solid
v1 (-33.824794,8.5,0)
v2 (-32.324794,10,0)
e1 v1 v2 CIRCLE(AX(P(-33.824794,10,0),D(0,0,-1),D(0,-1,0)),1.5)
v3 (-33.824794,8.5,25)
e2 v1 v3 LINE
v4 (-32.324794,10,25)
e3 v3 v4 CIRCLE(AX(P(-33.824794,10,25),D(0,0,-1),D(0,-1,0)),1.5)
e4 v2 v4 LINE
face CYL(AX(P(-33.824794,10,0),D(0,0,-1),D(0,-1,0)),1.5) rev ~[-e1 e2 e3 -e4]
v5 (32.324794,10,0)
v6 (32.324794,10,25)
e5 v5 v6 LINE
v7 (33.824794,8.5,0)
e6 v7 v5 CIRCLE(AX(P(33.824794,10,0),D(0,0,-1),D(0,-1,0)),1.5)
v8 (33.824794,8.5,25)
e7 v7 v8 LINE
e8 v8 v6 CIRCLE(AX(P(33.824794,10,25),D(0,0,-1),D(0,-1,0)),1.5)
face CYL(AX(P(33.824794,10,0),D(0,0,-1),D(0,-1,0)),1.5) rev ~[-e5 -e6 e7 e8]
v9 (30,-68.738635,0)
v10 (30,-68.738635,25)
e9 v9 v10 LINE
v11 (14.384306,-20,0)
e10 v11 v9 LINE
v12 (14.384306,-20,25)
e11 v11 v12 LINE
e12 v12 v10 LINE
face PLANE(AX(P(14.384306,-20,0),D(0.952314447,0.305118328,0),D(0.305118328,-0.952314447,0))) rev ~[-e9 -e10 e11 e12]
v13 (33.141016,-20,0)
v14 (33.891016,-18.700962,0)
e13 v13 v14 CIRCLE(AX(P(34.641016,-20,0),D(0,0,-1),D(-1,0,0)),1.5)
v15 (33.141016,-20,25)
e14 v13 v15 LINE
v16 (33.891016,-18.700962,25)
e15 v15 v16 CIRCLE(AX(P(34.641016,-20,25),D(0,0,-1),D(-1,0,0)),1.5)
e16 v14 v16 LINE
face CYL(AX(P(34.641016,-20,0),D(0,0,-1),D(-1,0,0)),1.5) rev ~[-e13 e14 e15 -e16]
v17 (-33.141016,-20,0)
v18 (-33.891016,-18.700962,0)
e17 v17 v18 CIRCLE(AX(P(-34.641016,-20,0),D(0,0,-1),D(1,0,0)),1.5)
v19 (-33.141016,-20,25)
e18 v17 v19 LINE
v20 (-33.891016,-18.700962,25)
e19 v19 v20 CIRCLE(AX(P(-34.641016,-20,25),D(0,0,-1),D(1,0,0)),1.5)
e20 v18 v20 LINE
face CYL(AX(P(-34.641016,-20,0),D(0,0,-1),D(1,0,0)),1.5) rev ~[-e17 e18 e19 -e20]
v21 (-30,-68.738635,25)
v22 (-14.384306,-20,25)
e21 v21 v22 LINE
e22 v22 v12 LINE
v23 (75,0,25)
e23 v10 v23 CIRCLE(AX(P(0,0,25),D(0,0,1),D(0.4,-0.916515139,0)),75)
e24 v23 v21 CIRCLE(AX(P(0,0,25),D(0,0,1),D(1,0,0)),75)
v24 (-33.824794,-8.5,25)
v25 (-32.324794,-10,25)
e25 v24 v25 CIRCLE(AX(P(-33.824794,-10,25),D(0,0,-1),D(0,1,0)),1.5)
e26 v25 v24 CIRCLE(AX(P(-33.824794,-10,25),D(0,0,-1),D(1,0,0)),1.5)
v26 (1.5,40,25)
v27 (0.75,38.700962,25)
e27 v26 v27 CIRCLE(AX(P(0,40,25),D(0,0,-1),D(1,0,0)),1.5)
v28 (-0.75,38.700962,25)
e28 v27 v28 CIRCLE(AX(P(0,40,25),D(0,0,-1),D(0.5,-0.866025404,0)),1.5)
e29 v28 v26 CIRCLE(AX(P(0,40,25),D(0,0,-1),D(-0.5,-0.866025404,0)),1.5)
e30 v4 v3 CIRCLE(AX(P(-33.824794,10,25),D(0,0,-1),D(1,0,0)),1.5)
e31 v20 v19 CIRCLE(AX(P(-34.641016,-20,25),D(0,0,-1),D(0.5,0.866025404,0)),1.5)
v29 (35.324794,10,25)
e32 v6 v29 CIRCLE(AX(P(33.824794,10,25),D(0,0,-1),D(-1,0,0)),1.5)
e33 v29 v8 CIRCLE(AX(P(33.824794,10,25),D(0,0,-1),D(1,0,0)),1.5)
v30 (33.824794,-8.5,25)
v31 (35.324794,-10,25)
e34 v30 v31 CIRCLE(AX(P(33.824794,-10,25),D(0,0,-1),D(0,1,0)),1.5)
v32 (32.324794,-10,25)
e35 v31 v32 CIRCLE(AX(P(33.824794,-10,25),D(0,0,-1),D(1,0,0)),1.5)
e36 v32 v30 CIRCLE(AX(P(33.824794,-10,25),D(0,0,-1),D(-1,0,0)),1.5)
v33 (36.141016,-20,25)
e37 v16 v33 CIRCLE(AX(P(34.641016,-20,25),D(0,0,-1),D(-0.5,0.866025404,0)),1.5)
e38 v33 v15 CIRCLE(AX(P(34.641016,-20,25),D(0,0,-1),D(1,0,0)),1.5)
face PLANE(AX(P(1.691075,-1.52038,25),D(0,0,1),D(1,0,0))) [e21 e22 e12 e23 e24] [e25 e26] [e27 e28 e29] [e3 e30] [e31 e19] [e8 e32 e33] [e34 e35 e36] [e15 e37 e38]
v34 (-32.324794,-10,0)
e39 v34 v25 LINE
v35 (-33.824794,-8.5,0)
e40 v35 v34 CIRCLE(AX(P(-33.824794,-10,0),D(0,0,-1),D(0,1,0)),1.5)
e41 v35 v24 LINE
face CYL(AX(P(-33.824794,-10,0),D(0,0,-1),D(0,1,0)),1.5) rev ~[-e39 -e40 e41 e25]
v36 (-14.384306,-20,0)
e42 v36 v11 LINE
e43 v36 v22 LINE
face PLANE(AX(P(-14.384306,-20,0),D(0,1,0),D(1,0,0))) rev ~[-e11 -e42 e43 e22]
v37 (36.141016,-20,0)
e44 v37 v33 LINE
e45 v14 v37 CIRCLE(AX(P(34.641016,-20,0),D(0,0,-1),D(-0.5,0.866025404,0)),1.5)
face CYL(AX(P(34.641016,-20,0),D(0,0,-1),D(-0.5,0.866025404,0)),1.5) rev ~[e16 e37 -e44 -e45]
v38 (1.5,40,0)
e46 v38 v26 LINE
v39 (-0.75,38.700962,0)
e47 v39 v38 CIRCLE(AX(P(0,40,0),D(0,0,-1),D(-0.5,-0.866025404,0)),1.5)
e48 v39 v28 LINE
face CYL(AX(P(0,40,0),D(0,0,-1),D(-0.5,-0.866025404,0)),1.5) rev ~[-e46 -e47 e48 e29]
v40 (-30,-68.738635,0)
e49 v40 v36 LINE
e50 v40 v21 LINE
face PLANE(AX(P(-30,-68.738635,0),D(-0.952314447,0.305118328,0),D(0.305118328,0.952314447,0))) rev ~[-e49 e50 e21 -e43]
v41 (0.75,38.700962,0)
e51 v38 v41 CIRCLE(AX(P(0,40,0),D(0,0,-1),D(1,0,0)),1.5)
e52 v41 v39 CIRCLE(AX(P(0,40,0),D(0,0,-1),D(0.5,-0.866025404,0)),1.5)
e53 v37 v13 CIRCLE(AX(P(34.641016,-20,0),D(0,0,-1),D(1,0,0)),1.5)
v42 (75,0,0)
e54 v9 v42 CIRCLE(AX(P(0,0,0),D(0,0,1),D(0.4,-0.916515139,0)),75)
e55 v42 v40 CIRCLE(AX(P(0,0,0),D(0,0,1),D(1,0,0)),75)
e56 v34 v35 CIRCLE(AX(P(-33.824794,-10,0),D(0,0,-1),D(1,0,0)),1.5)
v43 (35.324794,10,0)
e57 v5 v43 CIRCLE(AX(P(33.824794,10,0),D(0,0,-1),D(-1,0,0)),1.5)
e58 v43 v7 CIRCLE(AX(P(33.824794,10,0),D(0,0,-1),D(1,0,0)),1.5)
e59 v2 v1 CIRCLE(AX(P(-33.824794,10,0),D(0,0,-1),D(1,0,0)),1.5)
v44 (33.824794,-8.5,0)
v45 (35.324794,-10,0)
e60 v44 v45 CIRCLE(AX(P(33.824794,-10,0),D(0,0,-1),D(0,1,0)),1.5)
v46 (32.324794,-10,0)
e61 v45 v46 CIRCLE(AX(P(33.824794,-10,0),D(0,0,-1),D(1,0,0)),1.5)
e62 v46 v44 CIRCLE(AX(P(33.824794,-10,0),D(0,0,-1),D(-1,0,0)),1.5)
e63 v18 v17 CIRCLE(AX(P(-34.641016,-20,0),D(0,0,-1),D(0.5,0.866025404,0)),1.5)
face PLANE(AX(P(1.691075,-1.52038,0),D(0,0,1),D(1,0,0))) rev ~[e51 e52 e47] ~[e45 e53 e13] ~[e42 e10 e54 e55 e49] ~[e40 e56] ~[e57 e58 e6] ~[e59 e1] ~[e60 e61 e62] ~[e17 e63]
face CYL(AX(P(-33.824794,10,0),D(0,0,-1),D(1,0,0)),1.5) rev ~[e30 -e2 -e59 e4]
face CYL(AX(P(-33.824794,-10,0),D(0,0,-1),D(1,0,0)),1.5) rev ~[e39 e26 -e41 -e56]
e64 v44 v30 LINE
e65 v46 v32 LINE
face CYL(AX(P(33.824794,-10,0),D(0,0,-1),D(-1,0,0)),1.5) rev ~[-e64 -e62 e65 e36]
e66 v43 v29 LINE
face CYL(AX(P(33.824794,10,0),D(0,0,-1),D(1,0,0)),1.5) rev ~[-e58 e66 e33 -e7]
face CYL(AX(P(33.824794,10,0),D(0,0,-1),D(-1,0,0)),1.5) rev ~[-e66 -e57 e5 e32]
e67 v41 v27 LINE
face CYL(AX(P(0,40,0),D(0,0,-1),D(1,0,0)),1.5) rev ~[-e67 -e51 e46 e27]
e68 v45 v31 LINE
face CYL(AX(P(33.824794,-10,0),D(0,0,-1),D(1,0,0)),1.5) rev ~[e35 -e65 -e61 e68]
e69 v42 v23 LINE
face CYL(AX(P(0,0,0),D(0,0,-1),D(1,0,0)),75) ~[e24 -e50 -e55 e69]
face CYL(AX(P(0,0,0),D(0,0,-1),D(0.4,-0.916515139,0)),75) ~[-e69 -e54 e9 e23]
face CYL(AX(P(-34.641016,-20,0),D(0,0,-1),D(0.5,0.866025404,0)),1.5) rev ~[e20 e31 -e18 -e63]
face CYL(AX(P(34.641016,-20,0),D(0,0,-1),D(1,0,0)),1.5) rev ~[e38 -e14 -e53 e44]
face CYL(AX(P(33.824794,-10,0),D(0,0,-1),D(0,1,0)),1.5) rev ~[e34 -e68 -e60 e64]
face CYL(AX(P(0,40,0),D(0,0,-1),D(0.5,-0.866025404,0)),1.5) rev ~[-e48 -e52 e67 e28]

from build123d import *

# Parameters (mm, degrees)
F1_DEPTH = 25


with BuildPart() as f1:
    # F0 (on Top) → F1 (new body)
    with BuildSketch(Plane.XY):
        with BuildLine():
            ThreePointArc((30, -68.7386354243), (62.7495019901, -41.0791918129), (75, 0))
            ThreePointArc((75, 0), (-41.0791918129, 62.7495019901), (-30, -68.7386354243))
            Line((-30, -68.7386354243), (-14.3843060635, -20))
            Line((-14.3843060635, -20), (-33.1410161514, -20))
            ThreePointArc((-33.1410161514, -20), (-35.9400542571, -20.75), (-33.8910161514, -18.7009618943))
            Line((-33.8910161514, -18.7009618943), (-28.8675134595, -10))
            Line((-28.8675134595, -10), (-32.3247935798, -10))
            ThreePointArc((-32.3247935798, -10), (-34.8854537516, -11.0606601718), (-33.8247935798, -8.5))
            Line((-33.8247935798, -8.5), (-33.8247935798, 8.5))
            ThreePointArc((-33.8247935798, 8.5), (-34.8854537516, 11.0606601718), (-32.3247935798, 10))
            Line((-32.3247935798, 10), (-17.3205080757, 10))
            Line((-17.3205080757, 10), (-0.75, 38.7009618943))
            ThreePointArc((-0.75, 38.7009618943), (-0.75, 41.2990381057), (1.5, 40))
            ThreePointArc((1.5, 40), (1.2990381057, 39.25), (0.75, 38.7009618943))
            Line((0.75, 38.7009618943), (17.3205080757, 10))
            Line((17.3205080757, 10), (32.3247935798, 10))
            ThreePointArc((32.3247935798, 10), (33.8247935798, 11.5), (35.3247935798, 10))
            ThreePointArc((35.3247935798, 10), (34.8854537516, 8.9393398282), (33.8247935798, 8.5))
            Line((33.8247935798, 8.5), (33.8247935798, -8.5))
            ThreePointArc((33.8247935798, -8.5), (34.8854537516, -8.9393398282), (35.3247935798, -10))
            ThreePointArc((35.3247935798, -10), (33.8247935798, -11.5), (32.3247935798, -10))
            Line((32.3247935798, -10), (28.8675134595, -10))
            Line((28.8675134595, -10), (33.8910161514, -18.7009618943))
            ThreePointArc((33.8910161514, -18.7009618943), (35.3910161514, -18.7009618943), (36.1410161514, -20))
            ThreePointArc((36.1410161514, -20), (34.6410161514, -21.5), (33.1410161514, -20))
            Line((33.1410161514, -20), (14.3843060635, -20))
            Line((14.3843060635, -20), (30, -68.7386354243))
        make_face()
        with BuildLine():
            Line((11.1803398875, -10), (14.3843060635, -20))
            Line((14.3843060635, -20), (33.1410161514, -20))
            ThreePointArc((33.1410161514, -20), (33.3419780457, -19.25), (33.8910161514, -18.7009618943))
            Line((33.8910161514, -18.7009618943), (28.8675134595, -10))
            Line((28.8675134595, -10), (11.1803398875, -10))
        make_face()
        with BuildLine():
            Line((-33.1410161514, -20), (-14.3843060635, -20))
            Line((-14.3843060635, -20), (-11.1803398875, -10))
            Line((-11.1803398875, -10), (-28.8675134595, -10))
            Line((-28.8675134595, -10), (-33.8910161514, -18.7009618943))
            ThreePointArc((-33.8910161514, -18.7009618943), (-33.3419780457, -19.25), (-33.1410161514, -20))
        make_face()
        with BuildLine():
            Line((-32.3247935798, -10), (-28.8675134595, -10))
            Line((-28.8675134595, -10), (-17.3205080757, 10))
            Line((-17.3205080757, 10), (-32.3247935798, 10))
            ThreePointArc((-32.3247935798, 10), (-32.764133408, 8.9393398282), (-33.8247935798, 8.5))
            Line((-33.8247935798, 8.5), (-33.8247935798, -8.5))
            ThreePointArc((-33.8247935798, -8.5), (-32.764133408, -8.9393398282), (-32.3247935798, -10))
        make_face()
        with BuildLine():
            Line((-17.3205080757, 10), (-11.1803398875, 10))
            ThreePointArc((-11.1803398875, 10), (0, 15), (11.1803398875, 10))
            Line((11.1803398875, 10), (17.3205080757, 10))
            Line((17.3205080757, 10), (0.75, 38.7009618943))
            ThreePointArc((0.75, 38.7009618943), (0, 38.5), (-0.75, 38.7009618943))
            Line((-0.75, 38.7009618943), (-17.3205080757, 10))
        make_face()
        with BuildLine():
            Line((17.3205080757, 10), (28.8675134595, -10))
            Line((28.8675134595, -10), (32.3247935798, -10))
            ThreePointArc((32.3247935798, -10), (32.764133408, -8.9393398282), (33.8247935798, -8.5))
            Line((33.8247935798, -8.5), (33.8247935798, 8.5))
            ThreePointArc((33.8247935798, 8.5), (32.764133408, 8.9393398282), (32.3247935798, 10))
            Line((32.3247935798, 10), (17.3205080757, 10))
        make_face()
        with BuildLine():
            ThreePointArc((15, 0), (14.0125853844, -5.3523313466), (11.1803398875, -10))
            Line((11.1803398875, -10), (28.8675134595, -10))
            Line((28.8675134595, -10), (17.3205080757, 10))
            Line((17.3205080757, 10), (11.1803398875, 10))
            ThreePointArc((11.1803398875, 10), (14.0125853844, 5.3523313466), (15, 0))
        make_face()
        with BuildLine():
            ThreePointArc((-11.1803398875, 10), (-15, 0), (-11.1803398875, -10))
            Line((-11.1803398875, -10), (11.1803398875, -10))
            ThreePointArc((11.1803398875, -10), (14.0125853844, -5.3523313466), (15, 0))
            ThreePointArc((15, 0), (14.0125853844, 5.3523313466), (11.1803398875, 10))
            Line((11.1803398875, 10), (-11.1803398875, 10))
        make_face()
        with BuildLine():
            Line((-28.8675134595, -10), (-11.1803398875, -10))
            ThreePointArc((-11.1803398875, -10), (-15, 0), (-11.1803398875, 10))
            Line((-11.1803398875, 10), (-17.3205080757, 10))
            Line((-17.3205080757, 10), (-28.8675134595, -10))
        make_face()
        with BuildLine():
            ThreePointArc((11.1803398875, 10), (0, 15), (-11.1803398875, 10))
            Line((-11.1803398875, 10), (11.1803398875, 10))
        make_face()
        with BuildLine():
            Line((11.1803398875, -10), (-11.1803398875, -10))
            ThreePointArc((-11.1803398875, -10), (0, -15), (11.1803398875, -10))
        make_face()
        with BuildLine():
            Line((-11.1803398875, -10), (-14.3843060635, -20))
            Line((-14.3843060635, -20), (14.3843060635, -20))
            Line((14.3843060635, -20), (11.1803398875, -10))
            ThreePointArc((11.1803398875, -10), (0, -15), (-11.1803398875, -10))
        make_face()
    extrude(amount=F1_DEPTH)


solid = f1.part
